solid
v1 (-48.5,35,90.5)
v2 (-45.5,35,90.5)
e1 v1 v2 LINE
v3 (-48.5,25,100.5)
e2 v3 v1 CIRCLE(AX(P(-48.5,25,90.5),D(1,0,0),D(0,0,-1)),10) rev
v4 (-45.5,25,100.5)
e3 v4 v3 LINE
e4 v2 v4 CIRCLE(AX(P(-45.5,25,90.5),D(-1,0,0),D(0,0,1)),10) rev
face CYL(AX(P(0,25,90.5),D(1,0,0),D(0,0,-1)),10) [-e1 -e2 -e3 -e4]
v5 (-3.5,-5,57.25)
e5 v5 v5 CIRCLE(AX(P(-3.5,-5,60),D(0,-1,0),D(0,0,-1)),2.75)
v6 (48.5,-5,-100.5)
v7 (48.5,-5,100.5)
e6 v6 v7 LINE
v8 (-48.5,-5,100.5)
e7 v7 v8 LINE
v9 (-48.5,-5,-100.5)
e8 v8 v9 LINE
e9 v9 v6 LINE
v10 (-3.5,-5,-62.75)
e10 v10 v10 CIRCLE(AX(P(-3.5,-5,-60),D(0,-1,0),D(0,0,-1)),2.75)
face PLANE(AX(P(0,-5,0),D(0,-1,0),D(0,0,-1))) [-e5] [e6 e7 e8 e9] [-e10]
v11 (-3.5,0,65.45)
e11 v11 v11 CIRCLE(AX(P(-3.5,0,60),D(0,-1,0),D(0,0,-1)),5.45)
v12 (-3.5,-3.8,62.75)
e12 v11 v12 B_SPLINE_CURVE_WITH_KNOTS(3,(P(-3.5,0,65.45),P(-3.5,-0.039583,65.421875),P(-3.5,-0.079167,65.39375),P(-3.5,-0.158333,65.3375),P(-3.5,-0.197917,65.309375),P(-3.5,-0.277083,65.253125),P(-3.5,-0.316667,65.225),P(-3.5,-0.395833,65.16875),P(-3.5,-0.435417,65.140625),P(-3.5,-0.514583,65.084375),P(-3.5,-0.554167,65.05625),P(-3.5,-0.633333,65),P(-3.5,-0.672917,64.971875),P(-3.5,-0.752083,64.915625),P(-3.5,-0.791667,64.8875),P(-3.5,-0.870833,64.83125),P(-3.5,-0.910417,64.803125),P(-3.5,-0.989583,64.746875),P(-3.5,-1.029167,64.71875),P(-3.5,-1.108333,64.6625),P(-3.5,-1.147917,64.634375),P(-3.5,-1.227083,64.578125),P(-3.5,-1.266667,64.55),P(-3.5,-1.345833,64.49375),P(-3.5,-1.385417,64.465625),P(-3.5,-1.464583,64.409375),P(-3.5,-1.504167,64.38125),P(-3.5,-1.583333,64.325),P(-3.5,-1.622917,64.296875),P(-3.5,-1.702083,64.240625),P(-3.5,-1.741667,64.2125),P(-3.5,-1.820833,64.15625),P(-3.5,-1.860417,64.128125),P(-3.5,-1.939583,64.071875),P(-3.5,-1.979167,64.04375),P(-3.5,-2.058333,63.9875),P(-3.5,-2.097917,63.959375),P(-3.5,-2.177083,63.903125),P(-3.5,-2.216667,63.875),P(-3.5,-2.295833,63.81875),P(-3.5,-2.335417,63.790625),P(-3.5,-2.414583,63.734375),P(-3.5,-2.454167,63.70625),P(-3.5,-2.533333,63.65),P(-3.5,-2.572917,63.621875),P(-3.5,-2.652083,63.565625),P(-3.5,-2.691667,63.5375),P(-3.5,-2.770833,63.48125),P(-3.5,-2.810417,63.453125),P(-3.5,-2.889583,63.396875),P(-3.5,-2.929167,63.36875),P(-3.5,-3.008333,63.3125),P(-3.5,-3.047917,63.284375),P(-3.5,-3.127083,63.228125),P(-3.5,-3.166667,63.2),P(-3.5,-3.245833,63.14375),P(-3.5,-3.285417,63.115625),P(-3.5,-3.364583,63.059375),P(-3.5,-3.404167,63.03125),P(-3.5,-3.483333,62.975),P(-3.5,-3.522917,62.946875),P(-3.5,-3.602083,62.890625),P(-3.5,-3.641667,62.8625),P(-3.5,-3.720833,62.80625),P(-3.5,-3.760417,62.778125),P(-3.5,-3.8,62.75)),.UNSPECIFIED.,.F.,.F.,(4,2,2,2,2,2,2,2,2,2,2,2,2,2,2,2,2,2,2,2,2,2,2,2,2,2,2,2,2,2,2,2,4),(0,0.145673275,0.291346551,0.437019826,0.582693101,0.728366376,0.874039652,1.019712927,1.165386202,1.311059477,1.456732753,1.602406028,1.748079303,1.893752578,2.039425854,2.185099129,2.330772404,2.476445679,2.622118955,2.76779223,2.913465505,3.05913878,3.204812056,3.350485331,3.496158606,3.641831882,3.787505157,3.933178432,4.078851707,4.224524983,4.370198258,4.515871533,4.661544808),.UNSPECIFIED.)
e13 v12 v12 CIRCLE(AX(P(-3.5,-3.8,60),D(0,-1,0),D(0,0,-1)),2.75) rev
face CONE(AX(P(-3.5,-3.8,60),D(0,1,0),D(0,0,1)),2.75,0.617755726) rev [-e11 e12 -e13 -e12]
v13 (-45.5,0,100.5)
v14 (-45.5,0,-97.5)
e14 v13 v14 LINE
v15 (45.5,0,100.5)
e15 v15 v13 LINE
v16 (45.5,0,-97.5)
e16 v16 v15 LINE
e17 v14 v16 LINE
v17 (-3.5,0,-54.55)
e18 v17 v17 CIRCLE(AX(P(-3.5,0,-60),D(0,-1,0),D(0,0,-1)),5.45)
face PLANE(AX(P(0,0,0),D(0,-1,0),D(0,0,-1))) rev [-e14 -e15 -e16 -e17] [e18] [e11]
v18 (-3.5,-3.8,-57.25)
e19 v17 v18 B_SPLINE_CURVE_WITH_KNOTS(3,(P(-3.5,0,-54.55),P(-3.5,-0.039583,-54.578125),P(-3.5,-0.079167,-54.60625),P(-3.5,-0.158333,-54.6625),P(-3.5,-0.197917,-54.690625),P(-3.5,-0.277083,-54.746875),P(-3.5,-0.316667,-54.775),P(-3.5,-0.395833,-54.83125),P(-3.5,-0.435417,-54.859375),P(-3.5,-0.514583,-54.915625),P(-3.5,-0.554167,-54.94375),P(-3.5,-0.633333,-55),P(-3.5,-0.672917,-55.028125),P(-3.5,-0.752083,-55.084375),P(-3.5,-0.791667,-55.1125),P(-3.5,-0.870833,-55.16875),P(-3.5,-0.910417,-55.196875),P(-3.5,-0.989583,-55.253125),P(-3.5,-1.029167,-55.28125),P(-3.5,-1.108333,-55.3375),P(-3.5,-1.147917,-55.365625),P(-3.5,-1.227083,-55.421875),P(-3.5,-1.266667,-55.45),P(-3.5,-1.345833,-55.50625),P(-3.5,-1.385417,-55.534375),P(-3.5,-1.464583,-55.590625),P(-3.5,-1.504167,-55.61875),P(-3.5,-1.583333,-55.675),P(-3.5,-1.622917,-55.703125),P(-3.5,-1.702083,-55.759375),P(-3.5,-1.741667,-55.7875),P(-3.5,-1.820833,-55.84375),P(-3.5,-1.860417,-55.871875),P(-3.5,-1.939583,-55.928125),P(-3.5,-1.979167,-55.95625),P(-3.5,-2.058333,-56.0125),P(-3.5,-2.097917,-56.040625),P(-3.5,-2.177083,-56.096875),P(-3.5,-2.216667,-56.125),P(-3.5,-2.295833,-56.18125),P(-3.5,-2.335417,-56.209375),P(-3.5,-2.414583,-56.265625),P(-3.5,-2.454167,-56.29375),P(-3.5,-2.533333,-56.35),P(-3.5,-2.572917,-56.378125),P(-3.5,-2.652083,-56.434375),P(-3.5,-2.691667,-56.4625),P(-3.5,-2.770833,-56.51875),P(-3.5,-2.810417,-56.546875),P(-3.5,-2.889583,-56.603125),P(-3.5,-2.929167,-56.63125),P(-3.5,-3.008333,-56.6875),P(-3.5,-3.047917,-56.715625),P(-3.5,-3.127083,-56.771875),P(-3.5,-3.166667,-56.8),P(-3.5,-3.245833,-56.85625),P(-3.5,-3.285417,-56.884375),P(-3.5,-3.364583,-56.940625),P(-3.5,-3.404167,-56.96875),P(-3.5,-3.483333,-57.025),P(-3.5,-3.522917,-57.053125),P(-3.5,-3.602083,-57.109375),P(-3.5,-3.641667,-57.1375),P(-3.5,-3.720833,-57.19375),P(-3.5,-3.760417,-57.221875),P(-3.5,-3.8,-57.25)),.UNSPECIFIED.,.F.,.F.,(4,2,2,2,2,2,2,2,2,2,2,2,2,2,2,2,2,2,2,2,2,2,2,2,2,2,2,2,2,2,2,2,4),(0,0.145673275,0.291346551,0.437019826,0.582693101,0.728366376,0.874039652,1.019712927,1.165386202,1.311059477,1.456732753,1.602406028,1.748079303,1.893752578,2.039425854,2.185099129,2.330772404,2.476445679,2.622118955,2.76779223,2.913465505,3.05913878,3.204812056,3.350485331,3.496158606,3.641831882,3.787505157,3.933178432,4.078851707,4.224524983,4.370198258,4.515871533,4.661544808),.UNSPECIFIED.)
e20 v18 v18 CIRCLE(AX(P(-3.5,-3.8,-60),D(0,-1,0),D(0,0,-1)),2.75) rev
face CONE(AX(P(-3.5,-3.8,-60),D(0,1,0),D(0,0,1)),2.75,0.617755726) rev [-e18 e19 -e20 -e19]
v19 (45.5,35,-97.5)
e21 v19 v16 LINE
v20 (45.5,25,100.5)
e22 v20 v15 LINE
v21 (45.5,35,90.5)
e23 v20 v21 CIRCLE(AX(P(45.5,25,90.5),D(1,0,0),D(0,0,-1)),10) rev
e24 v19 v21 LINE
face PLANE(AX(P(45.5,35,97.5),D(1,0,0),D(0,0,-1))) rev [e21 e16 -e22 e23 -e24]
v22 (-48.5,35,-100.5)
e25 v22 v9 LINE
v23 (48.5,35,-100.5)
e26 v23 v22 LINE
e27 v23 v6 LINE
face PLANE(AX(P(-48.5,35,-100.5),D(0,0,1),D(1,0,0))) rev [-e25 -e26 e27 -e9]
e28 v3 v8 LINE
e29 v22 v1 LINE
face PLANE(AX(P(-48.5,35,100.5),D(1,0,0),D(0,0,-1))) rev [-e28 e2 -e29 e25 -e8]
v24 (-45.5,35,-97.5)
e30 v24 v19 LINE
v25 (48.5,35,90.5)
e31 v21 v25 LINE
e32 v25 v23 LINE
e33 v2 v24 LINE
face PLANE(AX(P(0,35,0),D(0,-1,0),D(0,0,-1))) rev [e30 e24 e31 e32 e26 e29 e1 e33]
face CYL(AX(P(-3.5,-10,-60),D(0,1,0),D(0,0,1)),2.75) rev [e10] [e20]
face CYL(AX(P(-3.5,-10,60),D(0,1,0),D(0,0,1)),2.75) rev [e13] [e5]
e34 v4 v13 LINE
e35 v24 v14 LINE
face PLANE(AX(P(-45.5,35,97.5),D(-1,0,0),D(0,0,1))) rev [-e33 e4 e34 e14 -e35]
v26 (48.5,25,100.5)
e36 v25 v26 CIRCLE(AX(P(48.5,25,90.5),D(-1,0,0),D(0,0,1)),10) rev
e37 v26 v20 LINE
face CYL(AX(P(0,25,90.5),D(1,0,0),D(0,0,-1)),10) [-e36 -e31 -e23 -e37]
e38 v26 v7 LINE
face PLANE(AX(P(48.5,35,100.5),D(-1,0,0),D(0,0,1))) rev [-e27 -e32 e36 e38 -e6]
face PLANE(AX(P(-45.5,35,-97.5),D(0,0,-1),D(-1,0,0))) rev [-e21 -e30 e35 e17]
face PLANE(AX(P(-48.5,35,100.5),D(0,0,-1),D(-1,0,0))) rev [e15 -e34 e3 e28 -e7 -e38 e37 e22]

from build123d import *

# Parameters (mm, degrees)
BOSS_EXTRUDE1_DEPTH = 35
SKETCH3_W           = 97
SKETCH3_H           = 201
BOSS_EXTRUDE2_DEPTH = 5
FILLET1_R           = 10
SKETCH4_R           = 2.75
CUT_EXTRUDE1_DEPTH  = 10
CHAMFER3_SIZE       = 2.7
CHAMFER3_SIZE2      = 3.8
CHAMFER4_SIZE       = 2.7
CHAMFER4_SIZE2      = 3.8


with BuildPart() as part:
    # Sketch1 → Boss-Extrude1 (new body)
    with BuildSketch(Plane(origin=(0, 0, 0), x_dir=(1, 0, 0), z_dir=(0, 1, 0))):
        Polygon((-45.5, -97.5), (-45.5, -100.5), (-48.5, -100.5), (-48.5, 100.5), (48.5, 100.5), (48.5, -100.5), (45.5, -100.5), (45.5, -97.5), (45.5, 97.5), (-45.5, 97.5), align=None)
    extrude(amount=BOSS_EXTRUDE1_DEPTH)

    # Sketch3 → Boss-Extrude2 (add)
    with BuildSketch(Plane.XZ):
        Rectangle(SKETCH3_W, SKETCH3_H)
    extrude(amount=BOSS_EXTRUDE2_DEPTH)

    # Fillet1
    fillet1_edges = [part.edges().sort_by_distance(p)[0] for p in [
        (47, 35, 100.5),
        (-47, 35, 100.5),
    ]]
    fillet(fillet1_edges, radius=FILLET1_R)

    # Sketch4 → Cut-Extrude1 (cut)
    with BuildSketch(Plane(origin=(0, 0, 0), x_dir=(1, 0, 0), z_dir=(0, 1, 0))):
        with Locations(Location((-3.5, 60, 0), (0, 0, 270))):
            Circle(SKETCH4_R)
        with Locations(Location((-3.5, -60, 0), (0, 0, 270))):
            Circle(SKETCH4_R)
    extrude(amount=-CUT_EXTRUDE1_DEPTH, mode=Mode.SUBTRACT)

    # Chamfer3
    chamfer3_edges = [part.edges().sort_by_distance(p)[0] for p in [
        (-3.5, 0, 57.25),
    ]]
    chamfer3_side = [part.faces().sort_by_distance(p)[0] for p in [
        (0.009254512, 0, 1.50396622),
    ]]
    chamfer(chamfer3_edges, length=CHAMFER3_SIZE, length2=CHAMFER3_SIZE2, reference=chamfer3_side[0])

    # Chamfer4
    chamfer4_edges = [part.edges().sort_by_distance(p)[0] for p in [
        (-3.5, 0, -62.75),
    ]]
    chamfer4_side = [part.faces().sort_by_distance(p)[0] for p in [
        (0.022889878, 0, 1.276677255),
    ]]
    chamfer(chamfer4_edges, length=CHAMFER4_SIZE, length2=CHAMFER4_SIZE2, reference=chamfer4_side[0])


solid = part.part
